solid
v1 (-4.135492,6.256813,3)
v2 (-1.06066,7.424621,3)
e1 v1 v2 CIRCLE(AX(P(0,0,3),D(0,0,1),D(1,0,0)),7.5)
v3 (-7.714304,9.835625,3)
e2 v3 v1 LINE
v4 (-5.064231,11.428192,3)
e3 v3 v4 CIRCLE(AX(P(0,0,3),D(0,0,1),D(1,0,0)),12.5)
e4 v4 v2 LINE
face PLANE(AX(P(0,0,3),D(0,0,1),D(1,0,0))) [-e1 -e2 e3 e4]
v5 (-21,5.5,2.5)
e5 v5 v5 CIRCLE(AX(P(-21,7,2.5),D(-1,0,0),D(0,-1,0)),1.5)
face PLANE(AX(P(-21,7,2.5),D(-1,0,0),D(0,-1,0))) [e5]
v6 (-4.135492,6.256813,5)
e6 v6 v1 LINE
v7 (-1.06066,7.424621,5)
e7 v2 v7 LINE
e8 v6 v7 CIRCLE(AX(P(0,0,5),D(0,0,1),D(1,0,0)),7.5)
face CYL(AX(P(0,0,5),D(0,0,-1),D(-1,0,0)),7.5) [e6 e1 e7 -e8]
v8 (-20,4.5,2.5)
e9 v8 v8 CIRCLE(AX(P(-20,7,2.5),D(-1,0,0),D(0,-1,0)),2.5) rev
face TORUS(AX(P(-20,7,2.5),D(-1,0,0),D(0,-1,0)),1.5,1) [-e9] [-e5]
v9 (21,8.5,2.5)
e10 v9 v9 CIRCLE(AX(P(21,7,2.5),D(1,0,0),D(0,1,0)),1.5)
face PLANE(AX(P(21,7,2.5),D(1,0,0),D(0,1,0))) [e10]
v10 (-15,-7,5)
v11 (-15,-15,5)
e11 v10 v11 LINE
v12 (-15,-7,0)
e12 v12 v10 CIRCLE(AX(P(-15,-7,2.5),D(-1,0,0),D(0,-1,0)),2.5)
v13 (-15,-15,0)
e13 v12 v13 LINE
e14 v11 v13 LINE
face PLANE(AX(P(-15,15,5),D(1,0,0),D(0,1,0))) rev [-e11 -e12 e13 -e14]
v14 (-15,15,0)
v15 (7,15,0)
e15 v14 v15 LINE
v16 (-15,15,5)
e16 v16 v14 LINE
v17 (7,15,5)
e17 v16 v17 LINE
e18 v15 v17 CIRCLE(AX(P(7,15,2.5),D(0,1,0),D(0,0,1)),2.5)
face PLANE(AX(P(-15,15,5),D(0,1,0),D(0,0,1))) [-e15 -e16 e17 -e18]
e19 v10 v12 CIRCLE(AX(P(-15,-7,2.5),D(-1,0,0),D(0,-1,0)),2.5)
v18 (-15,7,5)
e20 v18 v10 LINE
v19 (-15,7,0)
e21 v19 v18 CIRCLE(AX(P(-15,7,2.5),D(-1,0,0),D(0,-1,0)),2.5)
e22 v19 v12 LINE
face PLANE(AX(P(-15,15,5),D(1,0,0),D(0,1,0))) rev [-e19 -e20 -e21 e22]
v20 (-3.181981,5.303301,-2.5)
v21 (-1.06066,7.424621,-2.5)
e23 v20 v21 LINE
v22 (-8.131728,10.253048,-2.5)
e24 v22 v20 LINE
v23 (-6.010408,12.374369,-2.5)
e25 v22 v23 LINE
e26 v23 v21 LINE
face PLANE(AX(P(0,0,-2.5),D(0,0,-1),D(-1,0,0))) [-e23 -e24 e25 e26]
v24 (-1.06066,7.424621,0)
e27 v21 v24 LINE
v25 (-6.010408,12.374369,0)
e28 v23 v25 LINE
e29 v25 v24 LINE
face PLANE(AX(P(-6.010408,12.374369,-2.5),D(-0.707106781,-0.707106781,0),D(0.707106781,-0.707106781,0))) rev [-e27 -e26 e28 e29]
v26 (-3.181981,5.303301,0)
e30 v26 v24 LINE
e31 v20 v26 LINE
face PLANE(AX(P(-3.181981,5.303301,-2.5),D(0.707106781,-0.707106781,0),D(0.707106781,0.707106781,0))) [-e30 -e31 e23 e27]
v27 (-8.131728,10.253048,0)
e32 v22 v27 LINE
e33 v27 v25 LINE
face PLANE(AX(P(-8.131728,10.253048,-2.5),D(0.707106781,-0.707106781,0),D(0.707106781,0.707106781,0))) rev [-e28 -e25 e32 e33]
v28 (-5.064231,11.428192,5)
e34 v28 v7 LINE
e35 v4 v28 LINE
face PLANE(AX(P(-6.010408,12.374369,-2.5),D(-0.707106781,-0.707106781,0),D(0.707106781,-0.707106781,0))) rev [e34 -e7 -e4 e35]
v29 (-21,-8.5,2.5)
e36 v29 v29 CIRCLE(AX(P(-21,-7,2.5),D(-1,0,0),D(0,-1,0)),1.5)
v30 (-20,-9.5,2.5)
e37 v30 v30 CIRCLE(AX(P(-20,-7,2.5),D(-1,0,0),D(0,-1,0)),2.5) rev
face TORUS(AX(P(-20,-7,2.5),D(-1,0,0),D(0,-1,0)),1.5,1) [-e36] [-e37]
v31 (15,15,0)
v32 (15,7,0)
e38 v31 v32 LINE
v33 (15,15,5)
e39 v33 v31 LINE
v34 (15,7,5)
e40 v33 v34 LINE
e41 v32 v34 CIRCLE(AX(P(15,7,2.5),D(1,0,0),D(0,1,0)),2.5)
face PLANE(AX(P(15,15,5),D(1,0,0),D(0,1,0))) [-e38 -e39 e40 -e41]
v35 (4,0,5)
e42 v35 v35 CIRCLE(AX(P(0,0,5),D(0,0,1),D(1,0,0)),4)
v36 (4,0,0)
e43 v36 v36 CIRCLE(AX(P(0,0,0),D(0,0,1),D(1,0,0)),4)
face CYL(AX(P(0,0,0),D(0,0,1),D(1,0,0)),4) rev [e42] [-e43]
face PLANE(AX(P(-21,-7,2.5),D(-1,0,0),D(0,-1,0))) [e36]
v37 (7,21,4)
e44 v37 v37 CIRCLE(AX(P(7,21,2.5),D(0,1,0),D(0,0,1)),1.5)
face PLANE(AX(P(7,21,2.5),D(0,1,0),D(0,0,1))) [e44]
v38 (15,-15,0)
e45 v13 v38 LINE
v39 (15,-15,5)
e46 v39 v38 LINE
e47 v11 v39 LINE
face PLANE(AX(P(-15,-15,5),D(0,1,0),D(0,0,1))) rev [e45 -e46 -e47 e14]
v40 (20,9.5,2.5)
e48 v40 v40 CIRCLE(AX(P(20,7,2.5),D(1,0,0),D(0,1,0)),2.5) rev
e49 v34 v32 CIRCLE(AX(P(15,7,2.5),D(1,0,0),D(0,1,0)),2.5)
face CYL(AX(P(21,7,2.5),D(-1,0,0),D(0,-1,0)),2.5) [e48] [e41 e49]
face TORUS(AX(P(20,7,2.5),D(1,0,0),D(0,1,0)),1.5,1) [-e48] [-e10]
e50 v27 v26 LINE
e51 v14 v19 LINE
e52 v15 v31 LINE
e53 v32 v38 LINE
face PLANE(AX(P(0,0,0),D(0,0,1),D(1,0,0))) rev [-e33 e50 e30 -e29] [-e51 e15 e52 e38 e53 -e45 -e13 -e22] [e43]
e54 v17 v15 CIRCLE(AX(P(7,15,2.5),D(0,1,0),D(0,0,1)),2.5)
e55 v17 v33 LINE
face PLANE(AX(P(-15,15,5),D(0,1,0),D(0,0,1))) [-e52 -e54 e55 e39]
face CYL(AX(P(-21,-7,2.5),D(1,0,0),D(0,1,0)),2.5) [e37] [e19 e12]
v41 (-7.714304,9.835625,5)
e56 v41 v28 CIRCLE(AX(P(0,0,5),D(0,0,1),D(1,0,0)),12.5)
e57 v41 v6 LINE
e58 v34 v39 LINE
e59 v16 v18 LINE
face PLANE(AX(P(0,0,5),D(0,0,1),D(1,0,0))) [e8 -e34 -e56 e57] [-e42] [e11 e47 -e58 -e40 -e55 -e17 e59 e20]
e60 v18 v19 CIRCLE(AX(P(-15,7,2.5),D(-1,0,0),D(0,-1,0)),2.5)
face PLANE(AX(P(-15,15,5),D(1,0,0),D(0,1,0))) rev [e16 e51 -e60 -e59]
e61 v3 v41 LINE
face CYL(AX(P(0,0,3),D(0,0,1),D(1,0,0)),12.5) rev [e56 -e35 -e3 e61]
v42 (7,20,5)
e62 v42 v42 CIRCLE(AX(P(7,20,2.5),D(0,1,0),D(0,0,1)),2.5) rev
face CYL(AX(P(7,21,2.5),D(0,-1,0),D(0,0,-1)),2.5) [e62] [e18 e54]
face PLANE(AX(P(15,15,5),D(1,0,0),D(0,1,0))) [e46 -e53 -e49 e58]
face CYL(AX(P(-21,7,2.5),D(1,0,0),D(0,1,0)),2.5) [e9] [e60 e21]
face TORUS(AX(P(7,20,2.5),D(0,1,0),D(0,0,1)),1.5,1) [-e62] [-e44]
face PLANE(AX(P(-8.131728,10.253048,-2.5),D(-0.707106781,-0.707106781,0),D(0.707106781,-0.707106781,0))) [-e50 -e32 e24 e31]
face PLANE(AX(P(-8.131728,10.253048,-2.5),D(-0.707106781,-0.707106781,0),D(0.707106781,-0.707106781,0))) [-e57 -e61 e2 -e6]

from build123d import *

# Parameters (mm, degrees)
ESQUISSE2_W              = 30
ESQUISSE2_H              = 30
BOSS_EXTRU_1_DEPTH       = 5
ESQUISSE16_R             = 2.5
BOSS_EXTRU_7_DEPTH       = 6
CONG_3_R                 = 1
ESQUISSE18_R             = 2.5
BOSS_EXTRU_9_DEPTH       = 6
CONG_5_R                 = 1
ESQUISSE8_R              = 12.5
ENL_V_MAT_EXTRU_1_DEPTH  = 2
ESQUISSE19_R             = 7.5
BOSS_EXTRU_10_DEPTH      = 2
ESQUISSE33_R             = 4
ENL_V_MAT_EXTRU_3_DEPTH  = 6
ESQUISSE35_R             = 2.5
BOSS_EXTRU_26_DEPTH      = 6
CONG_6_R                 = 1
BOSS_EXTRU_27_DEPTH      = 2
BOSS_EXTRU_27_DEPTH_BACK = 5.5


with BuildPart() as part:
    # Esquisse2 → Boss.-Extru.1 (new body)
    with BuildSketch(Plane.XY):
        Rectangle(ESQUISSE2_W, ESQUISSE2_H)
    extrude(amount=BOSS_EXTRU_1_DEPTH)

    # Esquisse16 → Boss.-Extru.7 (add)
    with BuildSketch(Plane.ZY.offset(15)):
        with Locations((2.5, 7)):
            Circle(ESQUISSE16_R)
        with Locations((2.5, -7)):
            Circle(ESQUISSE16_R)
    extrude(amount=BOSS_EXTRU_7_DEPTH)

    # Congé3
    cong_3_edges = [part.edges().sort_by_distance(p)[0] for p in [
        (-21, 7, 0),
        (-21, -7, 0),
    ]]
    fillet(cong_3_edges, radius=CONG_3_R)

    # Esquisse18 → Boss.-Extru.9 (add)
    with BuildSketch(Plane(origin=(15, 0, 0), x_dir=(0, 0, -1), z_dir=(1, 0, 0))):
        with Locations((-2.5, 7)):
            Circle(ESQUISSE18_R)
    extrude(amount=BOSS_EXTRU_9_DEPTH)

    # Congé5
    cong_5_edges = [part.edges().sort_by_distance(p)[0] for p in [
        (21, 7, 5),
    ]]
    fillet(cong_5_edges, radius=CONG_5_R)

    # Esquisse8 → Enlèv. mat.-Extru.1 (cut)
    with BuildSketch(Plane.XY.offset(5)):
        Circle(ESQUISSE8_R)
    extrude(amount=-ENL_V_MAT_EXTRU_1_DEPTH, mode=Mode.SUBTRACT)

    # Esquisse19 → Boss.-Extru.10 (add)
    with BuildSketch(Plane.XY.offset(3)):
        Circle(ESQUISSE19_R)
    extrude(amount=BOSS_EXTRU_10_DEPTH)

    # Esquisse33 → Enlèv. mat.-Extru.3 (cut, through all)
    with BuildSketch(Plane.XY.offset(5)):
        Circle(ESQUISSE33_R)
    extrude(amount=-ENL_V_MAT_EXTRU_3_DEPTH, mode=Mode.SUBTRACT)

    # Esquisse35 → Boss.-Extru.26 (add)
    with BuildSketch(Plane(origin=(0, 15, 0), x_dir=(1, 0, 0), z_dir=(0, 1, 0))):
        with Locations((7, -2.5)):
            Circle(ESQUISSE35_R)
    extrude(amount=BOSS_EXTRU_26_DEPTH)

    # Congé6
    cong_6_edges = [part.edges().sort_by_distance(p)[0] for p in [
        (4.5, 21, 2.5),
    ]]
    fillet(cong_6_edges, radius=CONG_6_R)

    # Esquisse31 → Boss.-Extru.27 (add, two sides)
    with BuildSketch(Plane.XY.offset(3)) as boss_extru_27_sk:
        Polygon((-8.131727984, 10.253048327), (-6.01040764, 12.374368671), (-1.060660172, 7.424621202), (-3.181980515, 5.303300859), align=None)
    extrude(amount=BOSS_EXTRU_27_DEPTH)
    extrude(boss_extru_27_sk.sketch, amount=-BOSS_EXTRU_27_DEPTH_BACK)


solid = part.part
